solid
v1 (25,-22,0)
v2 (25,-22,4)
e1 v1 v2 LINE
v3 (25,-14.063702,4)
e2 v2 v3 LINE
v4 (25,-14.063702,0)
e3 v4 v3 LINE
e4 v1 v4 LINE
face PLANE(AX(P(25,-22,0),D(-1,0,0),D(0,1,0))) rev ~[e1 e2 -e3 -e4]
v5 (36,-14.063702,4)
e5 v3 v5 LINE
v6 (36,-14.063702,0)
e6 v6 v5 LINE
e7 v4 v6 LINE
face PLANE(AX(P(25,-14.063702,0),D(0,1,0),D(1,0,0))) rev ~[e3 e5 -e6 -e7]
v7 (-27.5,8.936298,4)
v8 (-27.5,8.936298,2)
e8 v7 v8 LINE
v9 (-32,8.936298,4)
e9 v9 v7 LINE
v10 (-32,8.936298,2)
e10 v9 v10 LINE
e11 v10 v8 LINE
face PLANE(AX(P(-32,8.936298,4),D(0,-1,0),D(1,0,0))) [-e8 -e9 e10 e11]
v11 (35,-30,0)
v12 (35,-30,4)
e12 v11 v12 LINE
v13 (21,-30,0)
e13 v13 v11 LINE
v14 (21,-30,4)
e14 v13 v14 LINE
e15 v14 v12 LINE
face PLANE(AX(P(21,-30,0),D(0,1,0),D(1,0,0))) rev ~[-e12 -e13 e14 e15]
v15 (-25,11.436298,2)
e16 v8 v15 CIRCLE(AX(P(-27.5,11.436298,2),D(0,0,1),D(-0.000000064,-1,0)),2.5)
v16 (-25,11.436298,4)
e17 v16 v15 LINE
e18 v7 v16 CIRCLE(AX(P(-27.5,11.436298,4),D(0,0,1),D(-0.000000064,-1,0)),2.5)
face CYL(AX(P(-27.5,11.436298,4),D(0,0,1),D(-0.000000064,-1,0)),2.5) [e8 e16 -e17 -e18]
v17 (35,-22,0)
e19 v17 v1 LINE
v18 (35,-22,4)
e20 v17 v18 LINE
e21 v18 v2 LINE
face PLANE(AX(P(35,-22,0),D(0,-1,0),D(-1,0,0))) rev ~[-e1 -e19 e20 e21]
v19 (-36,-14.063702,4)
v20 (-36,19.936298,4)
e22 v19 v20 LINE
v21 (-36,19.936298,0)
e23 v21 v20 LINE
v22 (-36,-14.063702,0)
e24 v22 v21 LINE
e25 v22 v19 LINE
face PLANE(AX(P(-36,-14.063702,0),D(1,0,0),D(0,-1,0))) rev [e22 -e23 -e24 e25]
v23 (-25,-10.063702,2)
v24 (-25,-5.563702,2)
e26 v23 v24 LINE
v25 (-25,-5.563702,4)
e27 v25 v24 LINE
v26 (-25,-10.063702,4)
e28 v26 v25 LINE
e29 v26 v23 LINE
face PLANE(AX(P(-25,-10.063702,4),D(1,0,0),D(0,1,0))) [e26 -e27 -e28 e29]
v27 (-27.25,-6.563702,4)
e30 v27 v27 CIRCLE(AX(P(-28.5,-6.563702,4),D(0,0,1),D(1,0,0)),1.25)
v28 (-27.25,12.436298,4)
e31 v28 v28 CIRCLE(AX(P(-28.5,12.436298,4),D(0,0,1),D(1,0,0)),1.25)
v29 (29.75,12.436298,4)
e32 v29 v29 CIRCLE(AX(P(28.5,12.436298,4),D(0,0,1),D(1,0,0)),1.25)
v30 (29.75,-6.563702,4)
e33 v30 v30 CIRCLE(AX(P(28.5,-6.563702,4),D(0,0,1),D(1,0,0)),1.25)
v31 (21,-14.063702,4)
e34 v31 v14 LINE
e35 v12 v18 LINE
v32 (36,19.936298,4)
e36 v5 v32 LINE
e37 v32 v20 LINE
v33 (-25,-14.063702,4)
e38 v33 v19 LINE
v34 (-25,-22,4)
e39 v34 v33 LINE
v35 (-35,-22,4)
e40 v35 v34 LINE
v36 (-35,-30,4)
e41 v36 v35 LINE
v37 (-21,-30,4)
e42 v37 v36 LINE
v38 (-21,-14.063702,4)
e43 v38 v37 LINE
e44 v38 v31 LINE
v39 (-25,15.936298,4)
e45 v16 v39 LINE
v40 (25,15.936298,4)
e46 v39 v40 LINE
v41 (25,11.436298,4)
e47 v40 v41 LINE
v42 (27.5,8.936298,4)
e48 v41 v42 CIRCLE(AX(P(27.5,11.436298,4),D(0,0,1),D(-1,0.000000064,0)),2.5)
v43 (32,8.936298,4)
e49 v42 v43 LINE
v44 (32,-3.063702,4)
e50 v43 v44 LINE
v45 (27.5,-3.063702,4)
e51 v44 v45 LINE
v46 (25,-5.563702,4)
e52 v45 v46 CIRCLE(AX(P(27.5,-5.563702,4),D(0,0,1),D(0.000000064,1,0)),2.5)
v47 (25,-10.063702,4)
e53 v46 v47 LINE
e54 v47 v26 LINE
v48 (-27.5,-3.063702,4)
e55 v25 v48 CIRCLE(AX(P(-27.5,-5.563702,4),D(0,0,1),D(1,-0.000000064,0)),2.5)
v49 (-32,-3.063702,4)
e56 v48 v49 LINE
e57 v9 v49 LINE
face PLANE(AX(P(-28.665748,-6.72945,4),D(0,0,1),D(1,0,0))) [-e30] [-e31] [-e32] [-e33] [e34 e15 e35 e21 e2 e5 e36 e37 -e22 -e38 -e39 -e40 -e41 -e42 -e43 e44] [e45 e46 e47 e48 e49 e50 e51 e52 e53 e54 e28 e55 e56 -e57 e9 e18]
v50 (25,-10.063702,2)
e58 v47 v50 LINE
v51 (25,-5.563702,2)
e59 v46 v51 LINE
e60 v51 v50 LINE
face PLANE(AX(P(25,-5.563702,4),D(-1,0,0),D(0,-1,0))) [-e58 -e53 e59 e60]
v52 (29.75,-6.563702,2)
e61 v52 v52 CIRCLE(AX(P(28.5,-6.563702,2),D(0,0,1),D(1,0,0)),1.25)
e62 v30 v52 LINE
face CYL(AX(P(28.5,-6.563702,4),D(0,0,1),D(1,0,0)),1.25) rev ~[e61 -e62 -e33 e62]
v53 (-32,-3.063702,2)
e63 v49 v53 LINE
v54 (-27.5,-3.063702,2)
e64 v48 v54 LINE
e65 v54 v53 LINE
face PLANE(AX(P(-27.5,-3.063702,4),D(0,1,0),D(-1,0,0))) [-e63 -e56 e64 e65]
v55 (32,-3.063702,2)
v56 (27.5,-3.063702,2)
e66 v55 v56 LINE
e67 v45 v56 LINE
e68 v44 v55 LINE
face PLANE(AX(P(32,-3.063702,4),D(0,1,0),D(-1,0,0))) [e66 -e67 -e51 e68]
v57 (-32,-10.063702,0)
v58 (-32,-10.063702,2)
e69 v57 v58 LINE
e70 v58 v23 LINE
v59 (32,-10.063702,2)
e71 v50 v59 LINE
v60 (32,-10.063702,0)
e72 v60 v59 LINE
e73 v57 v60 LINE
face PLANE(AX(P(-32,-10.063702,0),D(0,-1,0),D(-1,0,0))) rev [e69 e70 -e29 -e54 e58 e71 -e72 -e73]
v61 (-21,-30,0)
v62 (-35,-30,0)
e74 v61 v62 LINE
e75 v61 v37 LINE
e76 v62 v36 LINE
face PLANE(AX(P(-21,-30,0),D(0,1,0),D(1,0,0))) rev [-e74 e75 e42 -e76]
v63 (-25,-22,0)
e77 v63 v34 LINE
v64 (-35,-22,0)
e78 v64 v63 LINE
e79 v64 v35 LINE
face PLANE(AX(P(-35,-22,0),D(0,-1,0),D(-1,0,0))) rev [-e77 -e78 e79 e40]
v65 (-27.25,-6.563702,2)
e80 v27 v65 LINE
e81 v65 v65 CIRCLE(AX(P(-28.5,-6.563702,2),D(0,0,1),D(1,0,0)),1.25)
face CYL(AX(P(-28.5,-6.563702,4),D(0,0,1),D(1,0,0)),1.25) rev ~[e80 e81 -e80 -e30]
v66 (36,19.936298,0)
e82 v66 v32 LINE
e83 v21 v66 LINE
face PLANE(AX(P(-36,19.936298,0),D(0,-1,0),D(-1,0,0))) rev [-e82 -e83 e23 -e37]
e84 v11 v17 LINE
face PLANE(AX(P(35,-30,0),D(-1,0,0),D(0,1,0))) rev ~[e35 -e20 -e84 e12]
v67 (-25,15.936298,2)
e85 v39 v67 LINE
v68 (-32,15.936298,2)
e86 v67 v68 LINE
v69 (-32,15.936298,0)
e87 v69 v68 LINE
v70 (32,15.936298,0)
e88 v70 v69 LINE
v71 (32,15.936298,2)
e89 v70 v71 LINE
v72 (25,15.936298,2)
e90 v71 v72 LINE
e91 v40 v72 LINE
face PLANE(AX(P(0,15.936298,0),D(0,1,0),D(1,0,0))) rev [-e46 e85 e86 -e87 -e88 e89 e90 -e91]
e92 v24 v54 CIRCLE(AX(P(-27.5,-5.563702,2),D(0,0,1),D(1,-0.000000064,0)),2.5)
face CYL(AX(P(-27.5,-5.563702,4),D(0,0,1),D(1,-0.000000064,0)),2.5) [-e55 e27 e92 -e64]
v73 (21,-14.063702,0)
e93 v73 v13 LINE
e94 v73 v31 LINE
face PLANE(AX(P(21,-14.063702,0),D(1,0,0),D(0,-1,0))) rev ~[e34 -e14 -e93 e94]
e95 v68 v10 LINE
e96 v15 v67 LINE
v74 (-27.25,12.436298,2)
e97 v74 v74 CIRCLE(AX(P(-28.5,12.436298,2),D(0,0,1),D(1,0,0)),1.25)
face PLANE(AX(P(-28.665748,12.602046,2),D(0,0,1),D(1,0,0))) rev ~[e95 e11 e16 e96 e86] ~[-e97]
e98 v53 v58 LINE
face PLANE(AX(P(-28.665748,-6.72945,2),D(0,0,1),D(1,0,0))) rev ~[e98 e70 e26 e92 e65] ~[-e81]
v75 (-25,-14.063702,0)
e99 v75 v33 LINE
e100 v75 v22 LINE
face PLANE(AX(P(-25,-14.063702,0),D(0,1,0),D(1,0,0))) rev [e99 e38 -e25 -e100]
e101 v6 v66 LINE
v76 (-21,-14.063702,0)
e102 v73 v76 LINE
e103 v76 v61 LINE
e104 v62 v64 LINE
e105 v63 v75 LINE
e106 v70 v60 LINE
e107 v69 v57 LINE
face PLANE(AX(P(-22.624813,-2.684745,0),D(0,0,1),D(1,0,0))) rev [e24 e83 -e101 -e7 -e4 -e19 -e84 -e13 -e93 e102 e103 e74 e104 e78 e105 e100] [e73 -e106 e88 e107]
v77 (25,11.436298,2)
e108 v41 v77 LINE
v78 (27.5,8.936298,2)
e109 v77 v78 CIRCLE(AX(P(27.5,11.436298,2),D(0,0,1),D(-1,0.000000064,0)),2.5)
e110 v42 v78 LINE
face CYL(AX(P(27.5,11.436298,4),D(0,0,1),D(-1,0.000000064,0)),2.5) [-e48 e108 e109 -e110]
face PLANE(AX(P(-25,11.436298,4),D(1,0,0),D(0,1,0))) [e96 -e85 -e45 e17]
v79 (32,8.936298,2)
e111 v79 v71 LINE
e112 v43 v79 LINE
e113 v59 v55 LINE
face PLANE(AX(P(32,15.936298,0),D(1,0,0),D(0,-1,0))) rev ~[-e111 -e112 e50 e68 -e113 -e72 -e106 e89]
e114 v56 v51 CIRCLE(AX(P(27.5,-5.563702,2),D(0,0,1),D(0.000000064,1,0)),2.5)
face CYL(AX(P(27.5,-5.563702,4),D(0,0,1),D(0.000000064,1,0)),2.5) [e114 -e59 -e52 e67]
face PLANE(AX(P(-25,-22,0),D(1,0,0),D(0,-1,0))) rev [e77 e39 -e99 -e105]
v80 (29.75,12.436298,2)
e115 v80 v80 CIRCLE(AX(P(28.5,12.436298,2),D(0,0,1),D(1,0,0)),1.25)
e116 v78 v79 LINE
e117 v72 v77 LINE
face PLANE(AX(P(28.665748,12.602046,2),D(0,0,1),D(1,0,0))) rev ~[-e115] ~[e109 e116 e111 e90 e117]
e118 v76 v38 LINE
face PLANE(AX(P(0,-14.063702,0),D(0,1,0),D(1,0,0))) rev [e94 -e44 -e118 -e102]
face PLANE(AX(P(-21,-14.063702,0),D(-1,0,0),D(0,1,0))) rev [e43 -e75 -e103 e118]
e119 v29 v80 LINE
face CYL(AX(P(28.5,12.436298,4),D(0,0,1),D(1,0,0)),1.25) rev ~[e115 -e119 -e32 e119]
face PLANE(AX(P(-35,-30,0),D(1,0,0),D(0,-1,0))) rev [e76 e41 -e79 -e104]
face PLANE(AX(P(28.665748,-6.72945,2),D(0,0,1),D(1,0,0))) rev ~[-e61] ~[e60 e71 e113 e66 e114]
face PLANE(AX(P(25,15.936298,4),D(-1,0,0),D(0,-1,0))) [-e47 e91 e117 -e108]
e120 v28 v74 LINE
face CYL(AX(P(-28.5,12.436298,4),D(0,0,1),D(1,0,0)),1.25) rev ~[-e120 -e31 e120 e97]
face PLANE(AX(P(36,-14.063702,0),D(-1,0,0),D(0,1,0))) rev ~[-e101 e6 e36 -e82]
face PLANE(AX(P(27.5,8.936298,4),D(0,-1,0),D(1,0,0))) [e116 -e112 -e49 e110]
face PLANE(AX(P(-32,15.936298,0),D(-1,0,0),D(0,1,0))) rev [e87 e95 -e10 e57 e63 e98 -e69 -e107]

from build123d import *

# Parameters (mm, degrees)
F1_DEPTH = 4
F3_R     = 1.25
F4_DEPTH = 2


with BuildPart() as f1:
    # F0 (on Top) → F1 (new body)
    with BuildSketch(Plane.XY):
        Polygon((21, -30), (25, -30), (35, -30), (35, -22), (25, -22), (25, -14.063702), (36, -14.063702), (36, 19.936298), (0, 19.936298), (0, 15.936298), (32, 15.936298), (32, -10.063702), (0, -10.063702), (0, -14.063702), (21, -14.063702), align=None)
    extrude(amount=F1_DEPTH)

    # F2: F1 across plane


with BuildPart() as f1_1:
    add(f1.part)
    add(f1.part.mirror(Plane.YZ))

    # F3 (on face) → F4 (join)
    with BuildSketch(Plane.XY.offset(4)):
        with BuildLine():
            Line((-32, -3.063702), (-32, -10.063702))
            Line((-32, -10.063702), (-25, -10.063702))
            Line((-25, -10.063702), (-25, -5.563702))
            ThreePointArc((-25, -5.563702), (-25.732233, -3.795935), (-27.5, -3.063702))
            Line((-27.5, -3.063702), (-32, -3.063702))
        make_face()
        with Locations((-28.5, -6.563702)):
            Circle(F3_R, mode=Mode.SUBTRACT)
        with BuildLine():
            Line((-25, 15.936298), (-32, 15.936298))
            Line((-32, 15.936298), (-32, 8.936298))
            Line((-32, 8.936298), (-27.5, 8.936298))
            ThreePointArc((-27.5, 8.936298), (-25.732233, 9.668531), (-25, 11.436298))
            Line((-25, 11.436298), (-25, 15.936298))
        make_face()
        with Locations((-28.5, 12.436298)):
            Circle(F3_R, mode=Mode.SUBTRACT)
        with BuildLine():
            Line((32, 8.936298), (32, 15.936298))
            Line((32, 15.936298), (25, 15.936298))
            Line((25, 15.936298), (25, 11.436298))
            ThreePointArc((25, 11.436298), (25.732233, 9.668531), (27.5, 8.936298))
            Line((27.5, 8.936298), (32, 8.936298))
        make_face()
        with Locations((28.5, 12.436298)):
            Circle(F3_R, mode=Mode.SUBTRACT)
        with BuildLine():
            Line((25, -10.063702), (32, -10.063702))
            Line((32, -10.063702), (32, -3.063702))
            Line((32, -3.063702), (27.5, -3.063702))
            ThreePointArc((27.5, -3.063702), (25.732233, -3.795935), (25, -5.563702))
            Line((25, -5.563702), (25, -10.063702))
        make_face()
        with Locations((28.5, -6.563702)):
            Circle(F3_R, mode=Mode.SUBTRACT)
    extrude(amount=-F4_DEPTH)


solid = f1_1.part
